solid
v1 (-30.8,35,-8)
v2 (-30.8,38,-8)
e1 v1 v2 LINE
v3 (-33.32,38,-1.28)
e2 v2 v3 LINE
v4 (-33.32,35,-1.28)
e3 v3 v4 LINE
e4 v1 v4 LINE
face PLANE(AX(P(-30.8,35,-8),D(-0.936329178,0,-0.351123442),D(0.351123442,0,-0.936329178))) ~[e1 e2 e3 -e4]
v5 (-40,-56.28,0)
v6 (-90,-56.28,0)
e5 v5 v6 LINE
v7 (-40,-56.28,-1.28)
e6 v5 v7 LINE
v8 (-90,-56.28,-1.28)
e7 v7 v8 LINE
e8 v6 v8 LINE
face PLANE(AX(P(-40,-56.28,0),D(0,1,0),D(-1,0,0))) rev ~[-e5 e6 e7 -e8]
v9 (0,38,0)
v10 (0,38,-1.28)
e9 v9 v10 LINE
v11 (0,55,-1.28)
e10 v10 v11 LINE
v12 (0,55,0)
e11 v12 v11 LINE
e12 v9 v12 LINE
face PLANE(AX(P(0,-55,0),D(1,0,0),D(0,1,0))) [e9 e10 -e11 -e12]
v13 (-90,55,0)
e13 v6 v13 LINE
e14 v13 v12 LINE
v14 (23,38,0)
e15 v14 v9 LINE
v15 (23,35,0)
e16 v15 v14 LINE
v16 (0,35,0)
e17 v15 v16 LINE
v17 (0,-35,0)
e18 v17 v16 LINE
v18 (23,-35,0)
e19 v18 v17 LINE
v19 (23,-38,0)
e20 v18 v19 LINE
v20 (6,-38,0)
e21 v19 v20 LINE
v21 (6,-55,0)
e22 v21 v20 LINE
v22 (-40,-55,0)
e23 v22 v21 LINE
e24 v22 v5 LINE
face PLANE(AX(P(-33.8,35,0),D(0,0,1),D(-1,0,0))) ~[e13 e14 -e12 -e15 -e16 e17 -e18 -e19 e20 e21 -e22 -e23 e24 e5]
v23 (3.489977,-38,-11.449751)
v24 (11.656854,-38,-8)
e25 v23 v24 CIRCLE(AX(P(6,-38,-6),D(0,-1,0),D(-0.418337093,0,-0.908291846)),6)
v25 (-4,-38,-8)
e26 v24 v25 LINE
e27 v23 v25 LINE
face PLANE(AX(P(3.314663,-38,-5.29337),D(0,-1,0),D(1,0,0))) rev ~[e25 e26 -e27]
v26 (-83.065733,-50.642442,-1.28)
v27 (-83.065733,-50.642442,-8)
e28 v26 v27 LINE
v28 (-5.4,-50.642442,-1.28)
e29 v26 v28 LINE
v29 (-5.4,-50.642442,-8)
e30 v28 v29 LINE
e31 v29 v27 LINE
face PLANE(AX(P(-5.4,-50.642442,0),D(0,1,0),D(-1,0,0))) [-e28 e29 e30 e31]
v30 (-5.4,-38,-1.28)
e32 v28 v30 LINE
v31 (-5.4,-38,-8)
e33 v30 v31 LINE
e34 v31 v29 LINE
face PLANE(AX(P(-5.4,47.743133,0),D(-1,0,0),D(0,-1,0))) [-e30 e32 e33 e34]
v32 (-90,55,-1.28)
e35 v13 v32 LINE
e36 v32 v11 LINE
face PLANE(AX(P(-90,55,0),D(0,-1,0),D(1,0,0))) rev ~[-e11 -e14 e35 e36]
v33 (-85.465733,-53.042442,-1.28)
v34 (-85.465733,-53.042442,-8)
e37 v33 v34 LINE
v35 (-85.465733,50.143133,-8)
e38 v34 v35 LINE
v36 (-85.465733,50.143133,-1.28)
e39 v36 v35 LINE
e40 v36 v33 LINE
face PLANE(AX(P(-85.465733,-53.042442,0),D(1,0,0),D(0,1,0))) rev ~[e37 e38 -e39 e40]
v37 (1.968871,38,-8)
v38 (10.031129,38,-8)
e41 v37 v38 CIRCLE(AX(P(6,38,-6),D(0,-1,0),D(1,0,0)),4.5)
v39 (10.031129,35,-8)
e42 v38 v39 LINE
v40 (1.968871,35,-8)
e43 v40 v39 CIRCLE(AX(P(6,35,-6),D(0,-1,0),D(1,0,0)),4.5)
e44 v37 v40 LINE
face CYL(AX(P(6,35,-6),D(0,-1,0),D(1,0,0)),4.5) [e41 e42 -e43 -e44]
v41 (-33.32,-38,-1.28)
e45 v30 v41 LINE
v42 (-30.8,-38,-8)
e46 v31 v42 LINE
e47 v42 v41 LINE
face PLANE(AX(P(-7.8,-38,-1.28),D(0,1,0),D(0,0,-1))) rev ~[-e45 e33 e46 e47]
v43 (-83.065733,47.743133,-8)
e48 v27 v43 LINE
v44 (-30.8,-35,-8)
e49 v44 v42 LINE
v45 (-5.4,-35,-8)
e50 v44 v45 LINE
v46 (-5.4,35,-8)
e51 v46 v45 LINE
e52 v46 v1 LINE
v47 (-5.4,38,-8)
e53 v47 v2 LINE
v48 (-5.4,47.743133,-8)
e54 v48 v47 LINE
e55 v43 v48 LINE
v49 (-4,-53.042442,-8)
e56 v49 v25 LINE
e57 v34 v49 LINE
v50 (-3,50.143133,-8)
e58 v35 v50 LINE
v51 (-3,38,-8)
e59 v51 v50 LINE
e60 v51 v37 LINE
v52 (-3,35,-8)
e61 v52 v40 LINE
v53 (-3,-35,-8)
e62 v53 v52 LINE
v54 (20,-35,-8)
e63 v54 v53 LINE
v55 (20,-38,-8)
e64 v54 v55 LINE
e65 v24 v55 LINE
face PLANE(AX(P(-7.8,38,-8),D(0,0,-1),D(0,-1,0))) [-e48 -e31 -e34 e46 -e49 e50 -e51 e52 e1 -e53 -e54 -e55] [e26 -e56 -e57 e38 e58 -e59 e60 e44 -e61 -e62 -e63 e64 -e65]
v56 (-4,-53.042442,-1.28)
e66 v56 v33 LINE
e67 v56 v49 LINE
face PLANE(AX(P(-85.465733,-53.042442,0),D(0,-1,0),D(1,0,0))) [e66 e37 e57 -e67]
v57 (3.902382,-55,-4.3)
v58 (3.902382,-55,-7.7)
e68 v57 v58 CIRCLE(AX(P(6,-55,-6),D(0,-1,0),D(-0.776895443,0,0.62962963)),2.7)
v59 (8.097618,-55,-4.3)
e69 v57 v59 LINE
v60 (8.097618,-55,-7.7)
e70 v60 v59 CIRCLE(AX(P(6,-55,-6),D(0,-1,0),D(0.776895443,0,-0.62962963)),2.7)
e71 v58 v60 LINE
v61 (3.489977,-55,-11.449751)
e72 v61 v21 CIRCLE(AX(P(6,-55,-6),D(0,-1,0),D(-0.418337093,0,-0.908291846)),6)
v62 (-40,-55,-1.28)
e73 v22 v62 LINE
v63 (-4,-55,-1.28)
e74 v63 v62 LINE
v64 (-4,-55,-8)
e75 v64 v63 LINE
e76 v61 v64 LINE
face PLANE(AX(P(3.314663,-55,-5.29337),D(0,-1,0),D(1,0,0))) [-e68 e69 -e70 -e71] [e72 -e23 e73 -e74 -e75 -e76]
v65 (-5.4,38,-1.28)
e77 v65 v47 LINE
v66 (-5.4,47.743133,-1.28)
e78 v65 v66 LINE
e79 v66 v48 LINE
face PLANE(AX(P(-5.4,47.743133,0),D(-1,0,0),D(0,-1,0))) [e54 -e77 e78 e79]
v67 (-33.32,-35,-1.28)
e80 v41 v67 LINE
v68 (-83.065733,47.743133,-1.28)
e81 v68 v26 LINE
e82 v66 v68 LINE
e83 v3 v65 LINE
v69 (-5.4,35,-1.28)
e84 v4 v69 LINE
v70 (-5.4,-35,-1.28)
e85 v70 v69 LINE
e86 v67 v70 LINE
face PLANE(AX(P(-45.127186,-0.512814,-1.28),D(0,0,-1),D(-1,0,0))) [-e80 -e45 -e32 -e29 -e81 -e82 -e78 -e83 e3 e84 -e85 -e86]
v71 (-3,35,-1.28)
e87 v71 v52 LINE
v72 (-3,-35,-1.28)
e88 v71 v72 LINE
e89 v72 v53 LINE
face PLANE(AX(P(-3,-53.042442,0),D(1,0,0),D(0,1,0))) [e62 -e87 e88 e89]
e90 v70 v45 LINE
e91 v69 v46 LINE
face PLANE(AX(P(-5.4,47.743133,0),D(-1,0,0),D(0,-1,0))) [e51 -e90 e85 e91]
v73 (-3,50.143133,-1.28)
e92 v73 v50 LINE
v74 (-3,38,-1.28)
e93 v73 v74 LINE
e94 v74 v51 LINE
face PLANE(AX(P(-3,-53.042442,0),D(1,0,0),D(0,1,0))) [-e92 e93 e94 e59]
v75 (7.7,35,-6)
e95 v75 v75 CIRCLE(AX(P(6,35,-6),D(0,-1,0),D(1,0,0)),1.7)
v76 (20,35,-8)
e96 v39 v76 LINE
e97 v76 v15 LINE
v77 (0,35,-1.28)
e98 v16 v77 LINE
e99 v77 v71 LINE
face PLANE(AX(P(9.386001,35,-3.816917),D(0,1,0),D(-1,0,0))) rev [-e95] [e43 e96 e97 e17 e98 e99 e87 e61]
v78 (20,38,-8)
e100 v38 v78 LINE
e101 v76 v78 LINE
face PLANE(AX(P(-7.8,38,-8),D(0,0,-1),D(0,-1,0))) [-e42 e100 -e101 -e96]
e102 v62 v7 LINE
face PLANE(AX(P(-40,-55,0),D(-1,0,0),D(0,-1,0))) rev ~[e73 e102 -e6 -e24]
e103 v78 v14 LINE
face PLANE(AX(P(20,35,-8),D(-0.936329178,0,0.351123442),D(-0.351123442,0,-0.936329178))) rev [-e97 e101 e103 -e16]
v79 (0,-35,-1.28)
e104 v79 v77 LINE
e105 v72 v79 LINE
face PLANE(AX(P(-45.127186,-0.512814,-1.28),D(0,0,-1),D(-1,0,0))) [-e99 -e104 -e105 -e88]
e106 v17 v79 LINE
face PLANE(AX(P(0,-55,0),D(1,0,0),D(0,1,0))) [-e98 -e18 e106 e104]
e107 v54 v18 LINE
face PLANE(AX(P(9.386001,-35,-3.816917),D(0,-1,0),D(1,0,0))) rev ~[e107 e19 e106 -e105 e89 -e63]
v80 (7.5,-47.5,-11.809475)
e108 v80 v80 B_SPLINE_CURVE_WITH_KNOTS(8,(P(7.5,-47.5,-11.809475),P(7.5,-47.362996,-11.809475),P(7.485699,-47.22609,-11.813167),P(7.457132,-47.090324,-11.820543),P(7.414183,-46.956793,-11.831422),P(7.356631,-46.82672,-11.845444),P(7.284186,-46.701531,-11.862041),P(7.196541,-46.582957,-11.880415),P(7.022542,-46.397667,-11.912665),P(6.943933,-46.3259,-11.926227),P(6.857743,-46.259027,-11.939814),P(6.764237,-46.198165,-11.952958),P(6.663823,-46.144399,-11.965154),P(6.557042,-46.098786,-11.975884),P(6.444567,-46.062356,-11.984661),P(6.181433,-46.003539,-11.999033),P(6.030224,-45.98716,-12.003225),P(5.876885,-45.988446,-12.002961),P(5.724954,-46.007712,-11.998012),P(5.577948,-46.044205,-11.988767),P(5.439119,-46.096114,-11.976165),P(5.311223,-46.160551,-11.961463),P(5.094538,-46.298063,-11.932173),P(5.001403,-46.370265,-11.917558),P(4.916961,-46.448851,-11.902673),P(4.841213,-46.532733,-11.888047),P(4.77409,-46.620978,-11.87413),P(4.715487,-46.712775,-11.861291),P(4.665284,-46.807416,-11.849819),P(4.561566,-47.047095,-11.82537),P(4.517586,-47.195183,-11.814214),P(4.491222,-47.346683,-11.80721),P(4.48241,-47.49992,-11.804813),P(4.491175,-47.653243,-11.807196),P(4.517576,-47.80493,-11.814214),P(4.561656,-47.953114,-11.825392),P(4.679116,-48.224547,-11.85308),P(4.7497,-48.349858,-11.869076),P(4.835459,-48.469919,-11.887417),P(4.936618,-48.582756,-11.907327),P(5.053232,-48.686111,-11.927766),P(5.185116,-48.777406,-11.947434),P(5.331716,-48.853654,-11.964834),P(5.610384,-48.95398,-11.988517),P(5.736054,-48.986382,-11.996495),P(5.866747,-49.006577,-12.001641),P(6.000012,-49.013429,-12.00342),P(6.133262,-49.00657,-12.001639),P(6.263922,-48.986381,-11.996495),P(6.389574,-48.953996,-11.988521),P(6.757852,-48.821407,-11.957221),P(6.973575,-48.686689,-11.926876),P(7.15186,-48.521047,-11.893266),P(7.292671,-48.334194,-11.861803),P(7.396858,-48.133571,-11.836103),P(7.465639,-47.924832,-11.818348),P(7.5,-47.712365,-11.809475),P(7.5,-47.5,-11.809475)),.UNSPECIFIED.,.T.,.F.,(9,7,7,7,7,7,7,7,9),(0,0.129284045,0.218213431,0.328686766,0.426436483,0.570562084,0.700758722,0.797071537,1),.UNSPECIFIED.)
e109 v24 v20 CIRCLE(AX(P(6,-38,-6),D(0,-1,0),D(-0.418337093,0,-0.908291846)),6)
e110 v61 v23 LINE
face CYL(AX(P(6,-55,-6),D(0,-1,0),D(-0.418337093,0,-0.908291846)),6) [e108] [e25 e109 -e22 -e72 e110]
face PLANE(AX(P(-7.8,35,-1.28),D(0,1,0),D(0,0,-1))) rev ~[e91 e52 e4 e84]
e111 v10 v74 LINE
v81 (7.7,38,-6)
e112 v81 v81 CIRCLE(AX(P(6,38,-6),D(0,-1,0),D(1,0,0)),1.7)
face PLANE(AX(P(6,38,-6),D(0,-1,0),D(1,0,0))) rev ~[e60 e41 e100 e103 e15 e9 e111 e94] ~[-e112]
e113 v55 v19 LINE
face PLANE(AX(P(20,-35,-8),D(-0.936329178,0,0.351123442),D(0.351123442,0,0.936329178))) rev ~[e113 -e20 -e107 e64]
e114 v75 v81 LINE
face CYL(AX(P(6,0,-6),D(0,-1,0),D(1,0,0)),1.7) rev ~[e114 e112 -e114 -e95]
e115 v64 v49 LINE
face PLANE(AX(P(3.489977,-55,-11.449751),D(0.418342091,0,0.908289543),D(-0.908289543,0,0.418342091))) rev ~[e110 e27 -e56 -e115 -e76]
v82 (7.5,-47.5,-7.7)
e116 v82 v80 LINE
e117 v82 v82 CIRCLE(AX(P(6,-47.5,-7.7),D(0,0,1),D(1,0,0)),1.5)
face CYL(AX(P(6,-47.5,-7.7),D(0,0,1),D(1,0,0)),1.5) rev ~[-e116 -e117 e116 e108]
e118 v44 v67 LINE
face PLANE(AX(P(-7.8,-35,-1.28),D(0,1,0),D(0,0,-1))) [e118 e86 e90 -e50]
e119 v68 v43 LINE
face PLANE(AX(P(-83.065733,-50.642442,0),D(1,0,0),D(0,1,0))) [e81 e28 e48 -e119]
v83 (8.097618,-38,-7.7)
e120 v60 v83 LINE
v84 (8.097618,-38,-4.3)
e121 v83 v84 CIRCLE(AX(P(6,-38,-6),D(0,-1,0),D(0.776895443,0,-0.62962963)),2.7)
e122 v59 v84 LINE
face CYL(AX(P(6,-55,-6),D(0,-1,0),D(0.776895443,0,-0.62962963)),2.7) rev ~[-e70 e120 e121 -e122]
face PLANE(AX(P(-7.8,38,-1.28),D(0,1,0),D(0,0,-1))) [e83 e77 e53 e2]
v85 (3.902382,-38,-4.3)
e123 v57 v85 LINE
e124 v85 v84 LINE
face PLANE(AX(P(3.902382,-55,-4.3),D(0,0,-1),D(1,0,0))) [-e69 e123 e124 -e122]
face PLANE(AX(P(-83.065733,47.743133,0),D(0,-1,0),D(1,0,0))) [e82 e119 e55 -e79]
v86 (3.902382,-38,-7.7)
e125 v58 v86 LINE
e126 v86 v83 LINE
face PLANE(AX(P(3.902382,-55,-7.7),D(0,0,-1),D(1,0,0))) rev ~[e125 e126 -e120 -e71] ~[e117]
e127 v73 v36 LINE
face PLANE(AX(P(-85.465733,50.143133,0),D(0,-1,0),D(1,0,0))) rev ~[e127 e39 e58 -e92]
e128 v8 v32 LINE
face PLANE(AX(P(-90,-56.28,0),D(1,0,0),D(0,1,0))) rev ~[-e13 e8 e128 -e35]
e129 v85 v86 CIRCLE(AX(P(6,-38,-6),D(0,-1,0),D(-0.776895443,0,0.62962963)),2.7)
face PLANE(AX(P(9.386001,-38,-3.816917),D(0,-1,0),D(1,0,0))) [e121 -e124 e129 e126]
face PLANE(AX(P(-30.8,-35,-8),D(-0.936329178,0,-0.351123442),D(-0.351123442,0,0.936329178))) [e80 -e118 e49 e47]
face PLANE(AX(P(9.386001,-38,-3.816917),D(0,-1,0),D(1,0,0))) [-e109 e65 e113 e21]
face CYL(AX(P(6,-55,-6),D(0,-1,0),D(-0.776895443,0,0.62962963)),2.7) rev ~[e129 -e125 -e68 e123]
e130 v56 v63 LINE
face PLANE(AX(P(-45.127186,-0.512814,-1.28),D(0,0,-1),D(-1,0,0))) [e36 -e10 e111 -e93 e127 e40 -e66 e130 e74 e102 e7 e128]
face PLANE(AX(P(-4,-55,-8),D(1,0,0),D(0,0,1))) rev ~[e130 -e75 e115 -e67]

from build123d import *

# Parameters (mm, degrees)
PAD014_DEPTH               = 1.28
PAD015_DEPTH               = 17
SKETCH018_W                = 82.4657333469
SKETCH018_H                = 103.1855755689
PAD016_DEPTH               = 8
PAD020_DEPTH               = 3
PAD020_MIRRORED008_2_DEPTH = 3
SKETCH026_R                = 1.5
POCKET002_DEPTH            = 4.301
MULTITRANSFORM004_FACE58_W = 3
MULTITRANSFORM004_FACE58_H = 6.72
PAD021_DEPTH               = 5
PAD021_FACE71_W            = 3
PAD021_FACE71_H            = 6.72
PAD022_DEPTH               = 4
SKETCH033_R                = 4.5
PAD029_DEPTH               = 3
SKETCH034_R                = 1.7
POCKET005_DEPTH            = 55.001


with BuildPart() as part:
    # Sketch016 → Pad014 (new body)
    with BuildSketch(Plane.XY):
        Polygon((-90, -56.28), (-90, 55), (0, 55), (0, 0), (0, -55), (-40, -55), (-40, -56.28), align=None)
    extrude(amount=-PAD014_DEPTH)

    # Sketch017 (on Face5 of Pad014) → Pad015 (join)
    with BuildSketch(Plane.XZ.offset(55)):
        with BuildLine():
            ThreePointArc((3.4899774441, -11.449751074), (11.8608235957, -7.2848139089), (6.0000000021, 0))
            Line((6.0000000021, 0), (0, 0))
            Line((-4, 0), (0, 0))
            Line((-4, -8), (-4, 0))
            Line((3.4899774441, -11.449751074), (-4, -8))
        make_face()
        with BuildLine():
            ThreePointArc((3.9023823037, -4.3), (3.3, -6), (3.9023823037, -7.7))
            Line((3.9023823037, -7.7), (8.0976176963, -7.7))
            ThreePointArc((8.0976176963, -7.7), (8.7, -6), (8.0976176963, -4.3))
            Line((3.9023823037, -4.3), (8.0976176963, -4.3))
        make_face(mode=Mode.SUBTRACT)
    extrude(amount=-PAD015_DEPTH)

    # Sketch018 → Pad016 (join)
    with BuildSketch(Plane.XY):
        with Locations((-44.2328666735, -1.4496544031)):
            Rectangle(SKETCH018_W, SKETCH018_H)
        Polygon((-5.4, -50.6424421875), (-83.0657333469, -50.6424421875), (-83.0657333469, -38.075158972), (-83.0657333469, -35.675158972), (-83.0657333469, 47.7431333814), (-5.4, 47.7431333814), (-5.4, -35.675159), (-5.4, -38.075157), align=None, mode=Mode.SUBTRACT)
    extrude(amount=-PAD016_DEPTH)

    # Sketch024 → Pad020 (join)
    with BuildSketch(Plane.XZ.offset(35)):
        Polygon((23, 0), (-3, 0), (-3, -8), (20, -8), align=None)
    pad020 = extrude(amount=PAD020_DEPTH)

    # Sketch024 Mirrored008 2 → Pad020 Mirrored008 2 (add)
    with BuildSketch(Plane(origin=(-10.8, -35, 0), x_dir=(-1, 0, 0), z_dir=(0, 1, 0))):
        Polygon((23, 0), (-3, 0), (-3, -8), (20, -8), align=None)
    pad020_mirrored008_2 = extrude(amount=-PAD020_MIRRORED008_2_DEPTH)

    # Mirrored009: Pad020, Pad020 Mirrored008 2 across XZ
    add(pad020.mirror(Plane.XZ))
    add(pad020_mirrored008_2.mirror(Plane.XZ))

    # Sketch026 (on Face40 of MultiTransform004) → Pocket002 (cut, through all)
    with BuildSketch(Plane.XY.offset(-7.7)):
        with Locations((6, -47.5)):
            Circle(SKETCH026_R)
    extrude(amount=-POCKET002_DEPTH, mode=Mode.SUBTRACT)

    # MultiTransform004 Face58 → Pad021 (add)
    with BuildSketch(Plane(origin=(-7.8, -36.5, -4.64), x_dir=(0, -1, 0), z_dir=(1, 0, 0))):
        Rectangle(MULTITRANSFORM004_FACE58_W, MULTITRANSFORM004_FACE58_H)
    extrude(amount=PAD021_DEPTH)

    # Pad021 Face71 → Pad022 (add)
    with BuildSketch(Plane(origin=(-7.8, 36.5, -4.64), x_dir=(0, -1, 0), z_dir=(1, 0, 0))):
        Rectangle(PAD021_FACE71_W, PAD021_FACE71_H)
    extrude(amount=PAD022_DEPTH)

    # Sketch033 → Pad029 (join)
    with BuildSketch(Plane.XZ.offset(-35)):
        with Locations((6, -6)):
            Circle(SKETCH033_R)
    extrude(amount=-PAD029_DEPTH)

    # Sketch034 → Pocket005 (cut, through all)
    with BuildSketch(Plane.XZ):
        with Locations((6, -6)):
            Circle(SKETCH034_R)
    extrude(amount=-POCKET005_DEPTH, mode=Mode.SUBTRACT)


solid = part.part
